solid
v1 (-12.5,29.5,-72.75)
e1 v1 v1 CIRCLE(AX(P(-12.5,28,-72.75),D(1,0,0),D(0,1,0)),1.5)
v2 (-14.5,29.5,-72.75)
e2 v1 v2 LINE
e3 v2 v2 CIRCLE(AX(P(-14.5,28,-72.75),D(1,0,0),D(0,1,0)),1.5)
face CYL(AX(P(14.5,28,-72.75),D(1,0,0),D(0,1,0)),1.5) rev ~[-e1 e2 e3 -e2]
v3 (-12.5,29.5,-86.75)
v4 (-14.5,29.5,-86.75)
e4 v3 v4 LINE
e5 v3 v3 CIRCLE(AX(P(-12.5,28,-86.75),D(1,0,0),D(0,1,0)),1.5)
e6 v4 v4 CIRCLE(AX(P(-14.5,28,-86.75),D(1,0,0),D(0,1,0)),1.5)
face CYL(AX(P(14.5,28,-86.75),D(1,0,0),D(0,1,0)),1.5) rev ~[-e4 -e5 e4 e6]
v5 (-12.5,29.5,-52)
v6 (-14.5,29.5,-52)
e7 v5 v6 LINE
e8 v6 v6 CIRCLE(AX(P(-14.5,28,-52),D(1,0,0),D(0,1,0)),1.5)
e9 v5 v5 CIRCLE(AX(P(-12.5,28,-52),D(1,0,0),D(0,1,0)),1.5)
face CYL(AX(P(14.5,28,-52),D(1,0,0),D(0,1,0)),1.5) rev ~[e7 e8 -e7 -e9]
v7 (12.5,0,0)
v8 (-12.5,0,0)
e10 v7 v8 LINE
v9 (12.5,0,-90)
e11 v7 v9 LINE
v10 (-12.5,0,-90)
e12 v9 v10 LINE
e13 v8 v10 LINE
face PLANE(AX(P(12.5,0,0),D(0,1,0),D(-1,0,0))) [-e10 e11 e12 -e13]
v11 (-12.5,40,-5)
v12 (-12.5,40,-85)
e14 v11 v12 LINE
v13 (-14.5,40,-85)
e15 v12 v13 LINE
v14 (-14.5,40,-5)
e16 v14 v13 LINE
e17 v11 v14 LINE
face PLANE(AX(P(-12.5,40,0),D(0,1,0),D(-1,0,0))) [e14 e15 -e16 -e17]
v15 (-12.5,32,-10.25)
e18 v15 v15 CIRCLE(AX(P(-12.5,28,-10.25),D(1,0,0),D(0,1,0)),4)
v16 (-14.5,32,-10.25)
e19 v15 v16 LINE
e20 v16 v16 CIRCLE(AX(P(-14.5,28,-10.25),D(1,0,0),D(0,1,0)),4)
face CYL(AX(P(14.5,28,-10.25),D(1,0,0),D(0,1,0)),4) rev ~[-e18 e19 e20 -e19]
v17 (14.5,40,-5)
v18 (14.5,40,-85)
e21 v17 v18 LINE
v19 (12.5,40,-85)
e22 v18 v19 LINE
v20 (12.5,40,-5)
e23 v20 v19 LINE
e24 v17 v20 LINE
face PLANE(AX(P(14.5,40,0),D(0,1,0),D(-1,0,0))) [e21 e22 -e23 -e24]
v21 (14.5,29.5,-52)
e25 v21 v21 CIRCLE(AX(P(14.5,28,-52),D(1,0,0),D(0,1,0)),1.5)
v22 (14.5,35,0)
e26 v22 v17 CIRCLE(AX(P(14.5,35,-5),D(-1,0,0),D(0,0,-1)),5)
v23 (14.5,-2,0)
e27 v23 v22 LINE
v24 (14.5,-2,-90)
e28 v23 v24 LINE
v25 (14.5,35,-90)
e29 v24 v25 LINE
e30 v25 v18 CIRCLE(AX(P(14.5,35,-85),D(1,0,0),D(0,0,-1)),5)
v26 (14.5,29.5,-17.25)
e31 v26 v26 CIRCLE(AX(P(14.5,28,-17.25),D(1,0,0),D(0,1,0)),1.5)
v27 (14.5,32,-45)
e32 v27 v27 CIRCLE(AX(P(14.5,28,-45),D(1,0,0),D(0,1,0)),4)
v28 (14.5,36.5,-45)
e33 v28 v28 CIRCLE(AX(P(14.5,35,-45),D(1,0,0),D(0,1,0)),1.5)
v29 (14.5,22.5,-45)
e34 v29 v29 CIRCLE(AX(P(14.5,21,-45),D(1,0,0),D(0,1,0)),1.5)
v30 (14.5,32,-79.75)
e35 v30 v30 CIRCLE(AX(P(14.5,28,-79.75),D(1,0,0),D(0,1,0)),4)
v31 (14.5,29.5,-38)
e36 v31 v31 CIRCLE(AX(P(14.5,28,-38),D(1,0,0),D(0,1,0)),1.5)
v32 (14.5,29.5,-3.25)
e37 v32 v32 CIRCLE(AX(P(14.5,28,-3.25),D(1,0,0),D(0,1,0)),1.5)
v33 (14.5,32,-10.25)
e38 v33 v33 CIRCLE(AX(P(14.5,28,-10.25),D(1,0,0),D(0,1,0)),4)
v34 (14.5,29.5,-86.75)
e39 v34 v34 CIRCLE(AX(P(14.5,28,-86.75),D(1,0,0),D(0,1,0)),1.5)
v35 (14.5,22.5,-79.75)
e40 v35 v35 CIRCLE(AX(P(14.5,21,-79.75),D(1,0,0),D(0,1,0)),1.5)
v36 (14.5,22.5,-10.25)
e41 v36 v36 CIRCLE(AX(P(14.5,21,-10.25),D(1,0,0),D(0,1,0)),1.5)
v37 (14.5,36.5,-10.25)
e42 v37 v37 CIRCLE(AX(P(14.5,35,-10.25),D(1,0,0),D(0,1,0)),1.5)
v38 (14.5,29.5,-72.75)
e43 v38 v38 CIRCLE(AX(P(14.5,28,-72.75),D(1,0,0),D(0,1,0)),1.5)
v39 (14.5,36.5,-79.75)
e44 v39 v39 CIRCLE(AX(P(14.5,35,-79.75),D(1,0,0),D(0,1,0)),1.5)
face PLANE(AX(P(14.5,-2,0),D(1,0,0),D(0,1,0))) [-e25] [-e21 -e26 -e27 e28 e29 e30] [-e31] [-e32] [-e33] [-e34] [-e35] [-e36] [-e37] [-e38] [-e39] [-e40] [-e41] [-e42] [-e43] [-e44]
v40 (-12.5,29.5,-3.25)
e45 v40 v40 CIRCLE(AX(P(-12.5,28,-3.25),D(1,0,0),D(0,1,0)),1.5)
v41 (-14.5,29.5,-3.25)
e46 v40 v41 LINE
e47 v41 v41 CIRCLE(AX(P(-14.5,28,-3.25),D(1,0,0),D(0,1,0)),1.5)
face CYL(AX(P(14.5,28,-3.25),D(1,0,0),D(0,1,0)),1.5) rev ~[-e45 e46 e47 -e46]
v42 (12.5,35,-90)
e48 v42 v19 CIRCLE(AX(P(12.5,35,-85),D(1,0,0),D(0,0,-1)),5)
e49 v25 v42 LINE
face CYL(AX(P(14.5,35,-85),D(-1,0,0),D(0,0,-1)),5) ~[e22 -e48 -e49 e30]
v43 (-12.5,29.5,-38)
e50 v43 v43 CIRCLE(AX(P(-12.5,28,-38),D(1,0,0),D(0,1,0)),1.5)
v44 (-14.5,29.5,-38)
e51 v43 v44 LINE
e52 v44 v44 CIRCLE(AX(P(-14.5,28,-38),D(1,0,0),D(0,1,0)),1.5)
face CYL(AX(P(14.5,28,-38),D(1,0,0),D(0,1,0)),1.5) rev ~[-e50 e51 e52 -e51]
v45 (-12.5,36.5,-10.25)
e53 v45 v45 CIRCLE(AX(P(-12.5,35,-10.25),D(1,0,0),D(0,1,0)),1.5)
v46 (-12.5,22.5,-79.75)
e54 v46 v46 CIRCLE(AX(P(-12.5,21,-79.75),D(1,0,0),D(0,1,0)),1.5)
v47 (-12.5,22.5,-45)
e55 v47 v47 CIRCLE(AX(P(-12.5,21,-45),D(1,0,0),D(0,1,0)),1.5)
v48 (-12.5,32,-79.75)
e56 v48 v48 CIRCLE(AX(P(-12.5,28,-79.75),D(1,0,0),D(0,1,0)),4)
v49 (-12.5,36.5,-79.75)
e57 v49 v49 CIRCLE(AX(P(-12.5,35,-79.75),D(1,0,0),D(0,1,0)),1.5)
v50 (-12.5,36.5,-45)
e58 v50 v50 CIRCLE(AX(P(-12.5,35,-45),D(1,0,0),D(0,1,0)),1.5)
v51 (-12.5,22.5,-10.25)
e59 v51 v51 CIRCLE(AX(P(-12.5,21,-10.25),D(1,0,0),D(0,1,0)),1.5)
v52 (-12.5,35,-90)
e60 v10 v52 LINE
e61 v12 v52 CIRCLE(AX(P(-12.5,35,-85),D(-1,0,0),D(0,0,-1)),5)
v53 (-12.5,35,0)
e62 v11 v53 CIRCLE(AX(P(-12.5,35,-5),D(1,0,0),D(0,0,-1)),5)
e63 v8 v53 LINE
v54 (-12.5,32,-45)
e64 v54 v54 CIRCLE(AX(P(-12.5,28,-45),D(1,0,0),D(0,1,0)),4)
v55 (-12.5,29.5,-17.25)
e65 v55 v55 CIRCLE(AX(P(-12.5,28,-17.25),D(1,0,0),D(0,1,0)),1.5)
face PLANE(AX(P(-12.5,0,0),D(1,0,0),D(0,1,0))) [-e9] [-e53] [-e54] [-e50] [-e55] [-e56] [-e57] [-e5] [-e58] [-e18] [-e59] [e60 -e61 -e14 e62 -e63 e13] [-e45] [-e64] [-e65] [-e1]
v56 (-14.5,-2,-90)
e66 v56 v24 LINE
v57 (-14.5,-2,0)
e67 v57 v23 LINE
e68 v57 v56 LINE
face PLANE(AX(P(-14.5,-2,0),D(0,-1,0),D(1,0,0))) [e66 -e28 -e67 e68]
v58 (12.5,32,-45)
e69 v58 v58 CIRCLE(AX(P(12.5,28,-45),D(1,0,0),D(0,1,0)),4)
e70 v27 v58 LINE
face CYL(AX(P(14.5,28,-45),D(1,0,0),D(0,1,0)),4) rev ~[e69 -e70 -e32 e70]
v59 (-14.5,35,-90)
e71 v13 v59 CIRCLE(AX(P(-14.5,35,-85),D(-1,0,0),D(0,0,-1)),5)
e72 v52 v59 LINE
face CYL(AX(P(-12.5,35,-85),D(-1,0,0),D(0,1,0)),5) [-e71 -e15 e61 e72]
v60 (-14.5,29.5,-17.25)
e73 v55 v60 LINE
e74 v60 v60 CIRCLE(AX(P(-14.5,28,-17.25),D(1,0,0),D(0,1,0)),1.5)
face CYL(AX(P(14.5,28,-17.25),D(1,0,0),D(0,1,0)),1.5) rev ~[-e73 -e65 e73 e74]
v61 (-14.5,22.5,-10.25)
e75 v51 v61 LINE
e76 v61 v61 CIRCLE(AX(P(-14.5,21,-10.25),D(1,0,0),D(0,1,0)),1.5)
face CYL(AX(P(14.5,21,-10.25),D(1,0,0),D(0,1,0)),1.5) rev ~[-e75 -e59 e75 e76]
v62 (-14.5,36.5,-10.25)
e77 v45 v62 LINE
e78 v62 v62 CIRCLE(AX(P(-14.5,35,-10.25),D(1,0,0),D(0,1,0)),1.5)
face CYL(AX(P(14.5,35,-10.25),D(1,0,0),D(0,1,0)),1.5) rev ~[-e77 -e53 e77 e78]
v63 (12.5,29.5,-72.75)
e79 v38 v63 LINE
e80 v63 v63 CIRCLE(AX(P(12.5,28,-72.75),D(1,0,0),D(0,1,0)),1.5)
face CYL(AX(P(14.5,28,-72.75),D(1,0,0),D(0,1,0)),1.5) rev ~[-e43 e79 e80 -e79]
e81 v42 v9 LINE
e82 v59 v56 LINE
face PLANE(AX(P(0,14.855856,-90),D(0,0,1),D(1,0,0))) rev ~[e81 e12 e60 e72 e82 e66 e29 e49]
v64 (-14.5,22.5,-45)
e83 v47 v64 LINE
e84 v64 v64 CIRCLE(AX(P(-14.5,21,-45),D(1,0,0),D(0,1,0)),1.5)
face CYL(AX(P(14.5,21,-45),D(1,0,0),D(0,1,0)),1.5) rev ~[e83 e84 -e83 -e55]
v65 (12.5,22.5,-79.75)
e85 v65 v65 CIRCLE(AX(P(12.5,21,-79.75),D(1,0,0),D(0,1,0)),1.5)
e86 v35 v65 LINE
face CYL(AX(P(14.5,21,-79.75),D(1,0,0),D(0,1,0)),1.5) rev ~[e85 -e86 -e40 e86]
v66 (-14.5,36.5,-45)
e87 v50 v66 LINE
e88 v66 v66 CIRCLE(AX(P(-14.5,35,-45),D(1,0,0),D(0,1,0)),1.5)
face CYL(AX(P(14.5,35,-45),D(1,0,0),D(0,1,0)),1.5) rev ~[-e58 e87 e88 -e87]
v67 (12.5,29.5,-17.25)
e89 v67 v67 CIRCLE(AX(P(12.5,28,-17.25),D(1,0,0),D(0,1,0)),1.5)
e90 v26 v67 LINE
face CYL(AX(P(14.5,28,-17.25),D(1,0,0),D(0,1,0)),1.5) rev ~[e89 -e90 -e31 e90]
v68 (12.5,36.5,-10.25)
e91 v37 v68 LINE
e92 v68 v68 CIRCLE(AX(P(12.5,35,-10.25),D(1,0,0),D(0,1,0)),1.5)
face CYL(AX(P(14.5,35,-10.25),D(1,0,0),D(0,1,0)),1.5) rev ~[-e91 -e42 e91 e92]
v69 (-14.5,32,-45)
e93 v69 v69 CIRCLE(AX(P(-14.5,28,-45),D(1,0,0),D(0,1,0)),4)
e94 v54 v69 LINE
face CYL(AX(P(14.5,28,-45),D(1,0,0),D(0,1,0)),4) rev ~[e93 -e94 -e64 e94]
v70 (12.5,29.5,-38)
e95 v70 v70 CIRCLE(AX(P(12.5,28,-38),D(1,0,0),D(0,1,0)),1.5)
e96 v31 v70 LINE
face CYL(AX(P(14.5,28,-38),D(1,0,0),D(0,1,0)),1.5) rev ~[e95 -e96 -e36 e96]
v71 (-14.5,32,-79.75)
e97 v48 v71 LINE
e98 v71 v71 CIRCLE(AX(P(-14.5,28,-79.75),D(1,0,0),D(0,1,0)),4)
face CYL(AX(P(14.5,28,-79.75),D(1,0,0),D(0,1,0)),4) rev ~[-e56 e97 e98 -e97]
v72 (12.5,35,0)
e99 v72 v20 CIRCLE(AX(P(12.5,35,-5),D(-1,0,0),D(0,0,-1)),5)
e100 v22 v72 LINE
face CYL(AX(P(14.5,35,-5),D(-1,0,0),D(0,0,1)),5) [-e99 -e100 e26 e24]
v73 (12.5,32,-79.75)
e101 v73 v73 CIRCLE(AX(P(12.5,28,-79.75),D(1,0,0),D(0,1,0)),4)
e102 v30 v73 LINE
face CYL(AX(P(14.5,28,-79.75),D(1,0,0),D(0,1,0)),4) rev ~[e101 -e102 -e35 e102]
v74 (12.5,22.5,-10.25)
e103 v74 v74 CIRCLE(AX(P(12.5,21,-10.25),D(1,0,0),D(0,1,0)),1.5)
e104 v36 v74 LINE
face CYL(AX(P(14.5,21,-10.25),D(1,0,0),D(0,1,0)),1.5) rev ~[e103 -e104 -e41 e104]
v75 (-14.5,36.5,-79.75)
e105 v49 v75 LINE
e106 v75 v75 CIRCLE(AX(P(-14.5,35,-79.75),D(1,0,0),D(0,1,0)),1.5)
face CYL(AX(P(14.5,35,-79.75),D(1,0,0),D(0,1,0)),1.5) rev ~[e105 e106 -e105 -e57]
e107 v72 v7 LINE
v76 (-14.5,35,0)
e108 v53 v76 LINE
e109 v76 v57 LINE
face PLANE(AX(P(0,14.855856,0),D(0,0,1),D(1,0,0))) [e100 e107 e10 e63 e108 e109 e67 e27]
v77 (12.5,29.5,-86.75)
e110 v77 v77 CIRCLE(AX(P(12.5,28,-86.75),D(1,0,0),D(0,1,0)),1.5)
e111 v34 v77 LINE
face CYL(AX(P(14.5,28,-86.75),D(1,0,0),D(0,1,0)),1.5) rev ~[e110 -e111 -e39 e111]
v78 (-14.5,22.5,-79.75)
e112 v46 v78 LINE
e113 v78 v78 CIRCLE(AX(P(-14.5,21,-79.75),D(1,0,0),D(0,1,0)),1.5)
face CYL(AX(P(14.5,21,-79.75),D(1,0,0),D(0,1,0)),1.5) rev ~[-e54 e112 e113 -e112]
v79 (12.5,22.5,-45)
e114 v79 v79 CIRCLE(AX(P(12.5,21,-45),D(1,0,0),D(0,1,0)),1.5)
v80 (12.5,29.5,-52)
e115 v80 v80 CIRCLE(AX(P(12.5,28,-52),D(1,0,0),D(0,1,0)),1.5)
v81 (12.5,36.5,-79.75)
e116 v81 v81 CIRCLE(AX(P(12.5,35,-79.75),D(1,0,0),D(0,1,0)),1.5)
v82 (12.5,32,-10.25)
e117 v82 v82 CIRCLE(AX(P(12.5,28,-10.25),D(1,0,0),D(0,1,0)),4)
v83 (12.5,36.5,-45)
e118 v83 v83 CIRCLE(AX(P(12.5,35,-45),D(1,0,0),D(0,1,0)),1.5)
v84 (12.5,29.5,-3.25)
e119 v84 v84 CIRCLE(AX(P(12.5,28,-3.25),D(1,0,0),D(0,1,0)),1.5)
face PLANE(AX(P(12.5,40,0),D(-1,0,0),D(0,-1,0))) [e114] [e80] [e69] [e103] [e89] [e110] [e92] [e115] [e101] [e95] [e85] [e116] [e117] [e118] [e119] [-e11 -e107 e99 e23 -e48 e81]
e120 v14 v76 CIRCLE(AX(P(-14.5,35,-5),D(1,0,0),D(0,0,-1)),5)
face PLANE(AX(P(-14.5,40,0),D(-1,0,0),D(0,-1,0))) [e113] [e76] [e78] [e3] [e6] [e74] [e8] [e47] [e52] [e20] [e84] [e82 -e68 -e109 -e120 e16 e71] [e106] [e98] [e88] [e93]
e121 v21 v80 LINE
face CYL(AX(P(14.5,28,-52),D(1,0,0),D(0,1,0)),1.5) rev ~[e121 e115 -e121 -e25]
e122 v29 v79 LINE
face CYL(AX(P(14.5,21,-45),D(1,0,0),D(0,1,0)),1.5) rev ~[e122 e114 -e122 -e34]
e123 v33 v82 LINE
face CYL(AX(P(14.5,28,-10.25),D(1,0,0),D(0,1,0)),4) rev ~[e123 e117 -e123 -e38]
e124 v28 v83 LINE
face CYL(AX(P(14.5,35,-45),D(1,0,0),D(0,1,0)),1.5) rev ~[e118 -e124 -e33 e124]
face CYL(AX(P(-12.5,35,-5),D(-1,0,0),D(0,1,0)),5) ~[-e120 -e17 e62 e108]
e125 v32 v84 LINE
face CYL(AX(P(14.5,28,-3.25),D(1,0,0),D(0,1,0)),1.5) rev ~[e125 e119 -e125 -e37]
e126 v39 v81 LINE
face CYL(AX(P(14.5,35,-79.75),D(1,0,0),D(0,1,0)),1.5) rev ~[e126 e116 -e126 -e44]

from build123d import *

# Parameters (mm, degrees)
EXTRUDE_1_DEPTH     = 90
SKETCH_2_R          = 4
SKETCH_2_R_2        = 1.5
CUT_EXTRUDE_1_DEPTH = 90
FILLET_1_R          = 5


with BuildPart() as part:
    # 草图1 → 凸台-拉伸1 (new body)
    with BuildSketch(Plane.XY):
        Polygon((-14.5, 40), (-14.5, -2), (14.5, -2), (14.5, 40), (12.5, 40), (12.5, 0), (-12.5, 0), (-12.5, 40), align=None)
    extrude(amount=-EXTRUDE_1_DEPTH)

    # 草图2 → 切除-拉伸1 (cut)
    with BuildSketch(Plane(origin=(14.5, 0, 0), x_dir=(0, 0, -1), z_dir=(1, 0, 0))):
        with Locations(Location((79.75, 28, 0), (0, 0, 90))):
            Circle(SKETCH_2_R)
        with Locations(Location((79.75, 35, 0), (0, 0, 90))):
            Circle(SKETCH_2_R_2)
        with Locations(Location((86.75, 28, 0), (0, 0, 90))):
            Circle(SKETCH_2_R_2)
        with Locations(Location((79.75, 21, 0), (0, 0, 90))):
            Circle(SKETCH_2_R_2)
        with Locations(Location((72.75, 28, 0), (0, 0, 90))):
            Circle(SKETCH_2_R_2)
        with Locations(Location((10.25, 21, 0), (0, 0, 90))):
            Circle(SKETCH_2_R_2)
        with Locations(Location((3.25, 28, 0), (0, 0, 90))):
            Circle(SKETCH_2_R_2)
        with Locations(Location((10.25, 35, 0), (0, 0, 90))):
            Circle(SKETCH_2_R_2)
        with Locations(Location((10.25, 28, 0), (0, 0, 90))):
            Circle(SKETCH_2_R)
        with Locations(Location((17.25, 28, 0), (0, 0, 90))):
            Circle(SKETCH_2_R_2)
        with Locations(Location((45, 28, 0), (0, 0, 90))):
            Circle(SKETCH_2_R)
        with Locations(Location((45, 35, 0), (0, 0, 90))):
            Circle(SKETCH_2_R_2)
        with Locations(Location((52, 28, 0), (0, 0, 90))):
            Circle(SKETCH_2_R_2)
        with Locations(Location((45, 21, 0), (0, 0, 90))):
            Circle(SKETCH_2_R_2)
        with Locations(Location((38, 28, 0), (0, 0, 90))):
            Circle(SKETCH_2_R_2)
    extrude(amount=-CUT_EXTRUDE_1_DEPTH, mode=Mode.SUBTRACT)

    # 圆角1
    fillet_1_edges = [part.edges().sort_by_distance(p)[0] for p in [
        (-13.5, 40, 0),
        (13.5, 40, -90),
        (-13.5, 40, -90),
        (13.5, 40, 0),
    ]]
    fillet(fillet_1_edges, radius=FILLET_1_R)


solid = part.part
